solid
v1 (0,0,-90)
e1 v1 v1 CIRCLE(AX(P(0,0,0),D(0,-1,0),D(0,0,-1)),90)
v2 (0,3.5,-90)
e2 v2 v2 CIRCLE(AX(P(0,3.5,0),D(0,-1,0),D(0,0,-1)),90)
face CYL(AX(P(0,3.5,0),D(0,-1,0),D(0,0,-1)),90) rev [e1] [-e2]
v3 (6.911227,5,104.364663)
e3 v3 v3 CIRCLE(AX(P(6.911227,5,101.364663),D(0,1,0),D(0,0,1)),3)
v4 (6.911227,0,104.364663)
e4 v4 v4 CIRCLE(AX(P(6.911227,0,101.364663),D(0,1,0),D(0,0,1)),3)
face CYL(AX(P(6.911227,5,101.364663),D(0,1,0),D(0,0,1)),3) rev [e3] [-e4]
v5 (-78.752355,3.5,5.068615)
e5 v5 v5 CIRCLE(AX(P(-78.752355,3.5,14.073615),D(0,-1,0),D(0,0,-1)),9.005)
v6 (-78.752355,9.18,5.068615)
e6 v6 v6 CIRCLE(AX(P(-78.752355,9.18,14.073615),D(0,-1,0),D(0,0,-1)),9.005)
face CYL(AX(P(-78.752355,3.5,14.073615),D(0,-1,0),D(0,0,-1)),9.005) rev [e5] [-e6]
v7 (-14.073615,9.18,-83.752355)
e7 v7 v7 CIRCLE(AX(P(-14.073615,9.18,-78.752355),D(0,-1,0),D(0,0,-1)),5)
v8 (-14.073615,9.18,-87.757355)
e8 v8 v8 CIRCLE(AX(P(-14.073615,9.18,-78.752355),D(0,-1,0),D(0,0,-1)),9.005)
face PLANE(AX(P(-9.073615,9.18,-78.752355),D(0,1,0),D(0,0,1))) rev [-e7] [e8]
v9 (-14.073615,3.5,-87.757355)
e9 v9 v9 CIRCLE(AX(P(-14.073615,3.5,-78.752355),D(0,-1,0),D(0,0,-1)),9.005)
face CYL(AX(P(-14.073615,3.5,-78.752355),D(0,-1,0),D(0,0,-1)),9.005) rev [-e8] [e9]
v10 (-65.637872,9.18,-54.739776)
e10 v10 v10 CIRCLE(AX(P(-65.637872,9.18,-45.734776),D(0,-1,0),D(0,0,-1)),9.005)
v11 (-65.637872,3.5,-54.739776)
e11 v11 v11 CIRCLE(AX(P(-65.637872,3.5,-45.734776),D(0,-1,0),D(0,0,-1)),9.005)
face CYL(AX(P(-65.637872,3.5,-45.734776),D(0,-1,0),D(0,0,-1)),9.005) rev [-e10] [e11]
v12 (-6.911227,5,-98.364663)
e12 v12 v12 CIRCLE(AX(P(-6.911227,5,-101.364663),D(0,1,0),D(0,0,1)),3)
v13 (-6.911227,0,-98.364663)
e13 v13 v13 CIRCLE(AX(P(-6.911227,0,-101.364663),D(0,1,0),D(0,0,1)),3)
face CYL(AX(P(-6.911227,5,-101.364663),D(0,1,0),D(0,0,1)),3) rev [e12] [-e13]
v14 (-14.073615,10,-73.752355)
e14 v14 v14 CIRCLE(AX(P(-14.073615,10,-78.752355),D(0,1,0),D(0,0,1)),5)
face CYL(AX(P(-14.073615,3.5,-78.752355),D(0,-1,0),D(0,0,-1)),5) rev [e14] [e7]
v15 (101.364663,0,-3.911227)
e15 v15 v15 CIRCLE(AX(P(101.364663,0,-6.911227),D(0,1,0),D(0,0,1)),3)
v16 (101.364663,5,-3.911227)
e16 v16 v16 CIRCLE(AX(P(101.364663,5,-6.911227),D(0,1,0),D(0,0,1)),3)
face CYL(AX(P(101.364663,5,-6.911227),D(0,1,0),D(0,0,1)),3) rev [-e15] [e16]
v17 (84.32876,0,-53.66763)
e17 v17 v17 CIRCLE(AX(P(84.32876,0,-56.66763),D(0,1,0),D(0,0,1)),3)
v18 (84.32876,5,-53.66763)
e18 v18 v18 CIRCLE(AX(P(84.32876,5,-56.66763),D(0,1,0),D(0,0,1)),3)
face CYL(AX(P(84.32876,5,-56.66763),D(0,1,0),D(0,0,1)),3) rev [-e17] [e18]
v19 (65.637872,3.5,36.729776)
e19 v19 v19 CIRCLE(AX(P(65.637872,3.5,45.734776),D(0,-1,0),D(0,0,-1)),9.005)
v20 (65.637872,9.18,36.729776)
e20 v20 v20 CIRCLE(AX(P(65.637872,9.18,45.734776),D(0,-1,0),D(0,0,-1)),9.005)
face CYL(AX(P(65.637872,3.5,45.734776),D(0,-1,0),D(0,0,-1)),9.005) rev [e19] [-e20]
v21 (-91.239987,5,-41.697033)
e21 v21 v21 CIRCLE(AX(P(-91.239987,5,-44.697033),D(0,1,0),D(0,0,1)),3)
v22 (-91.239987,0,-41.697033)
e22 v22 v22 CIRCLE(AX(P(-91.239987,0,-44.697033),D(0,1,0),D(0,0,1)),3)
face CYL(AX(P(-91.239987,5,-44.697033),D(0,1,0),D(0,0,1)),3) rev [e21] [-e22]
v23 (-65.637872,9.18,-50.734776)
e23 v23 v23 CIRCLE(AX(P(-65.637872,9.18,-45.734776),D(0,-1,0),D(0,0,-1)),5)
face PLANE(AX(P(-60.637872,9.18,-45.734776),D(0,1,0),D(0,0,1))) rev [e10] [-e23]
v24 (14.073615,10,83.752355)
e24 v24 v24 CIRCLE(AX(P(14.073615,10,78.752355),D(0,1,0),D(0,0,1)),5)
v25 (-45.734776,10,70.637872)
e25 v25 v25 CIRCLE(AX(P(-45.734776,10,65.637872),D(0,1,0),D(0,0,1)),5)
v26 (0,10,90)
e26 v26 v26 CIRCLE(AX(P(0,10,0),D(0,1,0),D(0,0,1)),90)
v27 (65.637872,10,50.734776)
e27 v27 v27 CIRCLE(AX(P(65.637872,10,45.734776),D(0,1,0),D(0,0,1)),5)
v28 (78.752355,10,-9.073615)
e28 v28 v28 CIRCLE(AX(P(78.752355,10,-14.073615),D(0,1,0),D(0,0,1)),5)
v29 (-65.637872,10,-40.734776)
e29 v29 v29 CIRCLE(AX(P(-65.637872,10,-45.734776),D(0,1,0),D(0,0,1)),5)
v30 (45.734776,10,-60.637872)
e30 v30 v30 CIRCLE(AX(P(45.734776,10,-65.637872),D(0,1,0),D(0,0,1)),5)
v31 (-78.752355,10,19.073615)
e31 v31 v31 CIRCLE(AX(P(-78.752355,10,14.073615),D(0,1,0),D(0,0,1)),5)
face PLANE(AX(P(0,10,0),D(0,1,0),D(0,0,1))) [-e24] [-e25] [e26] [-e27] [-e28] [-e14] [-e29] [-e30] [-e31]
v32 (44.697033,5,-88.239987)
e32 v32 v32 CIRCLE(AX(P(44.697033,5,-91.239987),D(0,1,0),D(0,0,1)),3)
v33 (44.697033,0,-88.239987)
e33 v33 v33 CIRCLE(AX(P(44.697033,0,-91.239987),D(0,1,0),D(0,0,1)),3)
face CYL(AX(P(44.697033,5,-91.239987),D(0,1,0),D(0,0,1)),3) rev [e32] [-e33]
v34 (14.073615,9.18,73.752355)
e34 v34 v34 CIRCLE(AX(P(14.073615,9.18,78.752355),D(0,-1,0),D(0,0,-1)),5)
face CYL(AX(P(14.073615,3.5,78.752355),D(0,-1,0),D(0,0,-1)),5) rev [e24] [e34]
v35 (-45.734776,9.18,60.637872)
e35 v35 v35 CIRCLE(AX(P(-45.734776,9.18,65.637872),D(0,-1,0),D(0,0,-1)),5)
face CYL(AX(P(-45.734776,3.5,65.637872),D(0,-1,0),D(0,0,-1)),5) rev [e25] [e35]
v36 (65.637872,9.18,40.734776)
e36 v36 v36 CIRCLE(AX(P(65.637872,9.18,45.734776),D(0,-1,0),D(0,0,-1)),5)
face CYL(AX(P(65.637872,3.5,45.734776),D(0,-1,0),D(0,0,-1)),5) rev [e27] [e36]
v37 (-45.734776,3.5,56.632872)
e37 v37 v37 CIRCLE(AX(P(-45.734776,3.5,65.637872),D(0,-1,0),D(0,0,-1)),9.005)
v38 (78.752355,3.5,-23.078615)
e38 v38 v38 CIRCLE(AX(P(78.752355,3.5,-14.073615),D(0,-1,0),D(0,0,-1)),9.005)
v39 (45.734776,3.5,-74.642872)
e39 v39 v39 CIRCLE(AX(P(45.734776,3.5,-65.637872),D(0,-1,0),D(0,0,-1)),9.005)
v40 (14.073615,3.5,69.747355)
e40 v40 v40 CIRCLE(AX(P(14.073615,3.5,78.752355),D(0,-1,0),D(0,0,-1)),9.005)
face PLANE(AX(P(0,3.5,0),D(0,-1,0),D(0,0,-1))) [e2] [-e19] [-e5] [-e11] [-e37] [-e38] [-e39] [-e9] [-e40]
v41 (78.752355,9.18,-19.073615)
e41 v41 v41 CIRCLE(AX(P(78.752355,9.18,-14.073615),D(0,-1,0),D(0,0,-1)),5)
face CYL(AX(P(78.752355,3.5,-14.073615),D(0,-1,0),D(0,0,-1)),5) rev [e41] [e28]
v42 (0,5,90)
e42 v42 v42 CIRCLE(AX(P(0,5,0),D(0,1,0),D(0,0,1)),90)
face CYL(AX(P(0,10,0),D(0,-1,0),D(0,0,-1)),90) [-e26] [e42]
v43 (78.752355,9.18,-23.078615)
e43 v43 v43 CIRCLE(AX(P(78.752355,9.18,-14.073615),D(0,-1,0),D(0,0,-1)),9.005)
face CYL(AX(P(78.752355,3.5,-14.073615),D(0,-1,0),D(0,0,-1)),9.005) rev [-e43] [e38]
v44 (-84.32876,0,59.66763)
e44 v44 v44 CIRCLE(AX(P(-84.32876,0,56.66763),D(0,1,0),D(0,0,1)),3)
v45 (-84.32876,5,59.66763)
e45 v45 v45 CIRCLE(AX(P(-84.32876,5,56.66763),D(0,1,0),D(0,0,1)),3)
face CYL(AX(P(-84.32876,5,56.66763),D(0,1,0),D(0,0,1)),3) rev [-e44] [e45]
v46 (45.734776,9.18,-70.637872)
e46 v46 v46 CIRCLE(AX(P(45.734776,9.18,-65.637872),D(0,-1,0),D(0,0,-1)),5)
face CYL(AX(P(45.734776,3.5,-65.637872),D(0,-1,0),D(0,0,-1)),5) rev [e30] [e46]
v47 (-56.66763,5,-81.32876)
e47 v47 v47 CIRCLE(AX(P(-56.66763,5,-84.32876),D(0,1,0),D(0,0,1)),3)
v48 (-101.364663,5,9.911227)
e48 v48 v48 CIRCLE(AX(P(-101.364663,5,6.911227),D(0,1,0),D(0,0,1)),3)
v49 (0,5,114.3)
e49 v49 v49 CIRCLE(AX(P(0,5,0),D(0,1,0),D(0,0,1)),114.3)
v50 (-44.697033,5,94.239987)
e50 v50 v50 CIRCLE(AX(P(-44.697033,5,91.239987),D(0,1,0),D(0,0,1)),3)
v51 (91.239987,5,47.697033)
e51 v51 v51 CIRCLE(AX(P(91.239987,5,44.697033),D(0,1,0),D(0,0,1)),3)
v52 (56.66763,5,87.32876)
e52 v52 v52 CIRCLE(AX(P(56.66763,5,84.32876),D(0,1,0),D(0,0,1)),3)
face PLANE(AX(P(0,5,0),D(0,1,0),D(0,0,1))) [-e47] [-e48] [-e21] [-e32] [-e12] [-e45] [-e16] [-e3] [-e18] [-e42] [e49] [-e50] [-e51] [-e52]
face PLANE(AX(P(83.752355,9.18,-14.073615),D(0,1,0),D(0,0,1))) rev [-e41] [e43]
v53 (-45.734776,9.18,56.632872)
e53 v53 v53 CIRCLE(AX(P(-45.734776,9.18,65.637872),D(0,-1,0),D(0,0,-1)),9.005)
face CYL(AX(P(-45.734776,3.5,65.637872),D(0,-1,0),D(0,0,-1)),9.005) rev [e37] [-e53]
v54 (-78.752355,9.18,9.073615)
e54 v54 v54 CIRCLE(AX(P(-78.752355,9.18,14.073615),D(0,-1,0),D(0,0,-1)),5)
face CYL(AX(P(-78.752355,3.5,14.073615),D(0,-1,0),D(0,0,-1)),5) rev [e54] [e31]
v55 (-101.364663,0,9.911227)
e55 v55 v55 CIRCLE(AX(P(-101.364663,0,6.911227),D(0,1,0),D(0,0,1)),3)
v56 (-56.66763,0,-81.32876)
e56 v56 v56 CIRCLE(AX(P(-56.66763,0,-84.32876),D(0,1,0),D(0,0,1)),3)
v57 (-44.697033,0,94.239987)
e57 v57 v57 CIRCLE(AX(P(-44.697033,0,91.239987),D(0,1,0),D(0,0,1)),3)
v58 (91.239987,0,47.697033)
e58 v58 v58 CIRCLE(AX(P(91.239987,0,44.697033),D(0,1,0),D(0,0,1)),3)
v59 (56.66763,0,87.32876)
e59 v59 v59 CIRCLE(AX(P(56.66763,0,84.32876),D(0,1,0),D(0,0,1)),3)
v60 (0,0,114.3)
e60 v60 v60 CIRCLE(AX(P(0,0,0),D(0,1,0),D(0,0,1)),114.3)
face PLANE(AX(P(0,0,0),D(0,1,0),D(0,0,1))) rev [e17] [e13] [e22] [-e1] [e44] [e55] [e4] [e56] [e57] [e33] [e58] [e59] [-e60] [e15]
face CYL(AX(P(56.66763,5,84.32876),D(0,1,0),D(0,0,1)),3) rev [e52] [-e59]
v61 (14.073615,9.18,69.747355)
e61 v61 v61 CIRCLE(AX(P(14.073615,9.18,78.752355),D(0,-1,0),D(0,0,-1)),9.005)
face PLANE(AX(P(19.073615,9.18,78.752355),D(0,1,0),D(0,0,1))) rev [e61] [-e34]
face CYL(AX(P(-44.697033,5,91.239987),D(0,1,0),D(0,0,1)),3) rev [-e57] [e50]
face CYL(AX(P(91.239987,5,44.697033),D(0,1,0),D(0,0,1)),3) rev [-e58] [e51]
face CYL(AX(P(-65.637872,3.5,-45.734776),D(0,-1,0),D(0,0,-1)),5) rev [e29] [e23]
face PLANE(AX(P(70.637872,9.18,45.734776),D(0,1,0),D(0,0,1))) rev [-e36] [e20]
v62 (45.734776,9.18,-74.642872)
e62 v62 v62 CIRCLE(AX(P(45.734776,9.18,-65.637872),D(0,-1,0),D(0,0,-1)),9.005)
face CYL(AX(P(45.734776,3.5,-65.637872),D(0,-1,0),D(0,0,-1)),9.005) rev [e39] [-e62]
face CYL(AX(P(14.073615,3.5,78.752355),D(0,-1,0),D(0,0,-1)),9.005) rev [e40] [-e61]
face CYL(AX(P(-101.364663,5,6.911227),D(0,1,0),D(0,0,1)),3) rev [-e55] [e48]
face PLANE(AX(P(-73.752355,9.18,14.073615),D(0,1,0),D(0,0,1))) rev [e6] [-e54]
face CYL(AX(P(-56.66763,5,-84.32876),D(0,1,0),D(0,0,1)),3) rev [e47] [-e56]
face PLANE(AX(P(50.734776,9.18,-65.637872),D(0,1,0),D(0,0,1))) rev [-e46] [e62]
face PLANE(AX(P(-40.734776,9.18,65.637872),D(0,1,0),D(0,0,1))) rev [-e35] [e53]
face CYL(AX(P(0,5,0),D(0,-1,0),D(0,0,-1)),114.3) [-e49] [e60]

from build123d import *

# Parameters (mm, degrees)
SKETCH1_R                               = 114.3
BOSS_EXTRUDE1_DEPTH                     = 5
SKETCH2_R                               = 90
BOSS_EXTRUDE2_DEPTH                     = 5
SKETCH4_R                               = 90
CUT_EXTRUDE2_DEPTH                      = 3.5
F_6_0MM_DOWEL_HOLE1_D                   = 6
F_6_0MM_DOWEL_HOLE1_DEPTH               = 5
CIRPATTERN1_COUNT                       = 12
CBORE_FOR_M8_HEX_HEAD_BOLT2_D           = 10
CBORE_FOR_M8_HEX_HEAD_BOLT2_DEPTH       = 6.5
CBORE_FOR_M8_HEX_HEAD_BOLT2_CBORE_D     = 18.01
CBORE_FOR_M8_HEX_HEAD_BOLT2_CBORE_DEPTH = 5.68
CIRPATTERN2_COUNT                       = 8


with BuildPart() as part:
    # Sketch1 → Boss-Extrude1 (new body)
    with BuildSketch(Plane(origin=(0, 0, 0), x_dir=(1, 0, 0), z_dir=(0, 1, 0))):
        Circle(SKETCH1_R)
    extrude(amount=BOSS_EXTRUDE1_DEPTH)

    # Sketch2 → Boss-Extrude2 (add)
    with BuildSketch(Plane(origin=(0, 5, 0), x_dir=(1, 0, 0), z_dir=(0, 1, 0))):
        Circle(SKETCH2_R)
    extrude(amount=BOSS_EXTRUDE2_DEPTH)

    # Sketch4 → Cut-Extrude2 (cut)
    with BuildSketch(Plane(origin=(0, 0, 0), x_dir=(-1, 0, 0), z_dir=(0, -1, 0))):
        Circle(SKETCH4_R)
    extrude(amount=-CUT_EXTRUDE2_DEPTH, mode=Mode.SUBTRACT)

    # Ø6.0mm Dowel Hole1
    with Locations(Plane(origin=(0, 5, 0), x_dir=(1, 0, 0), z_dir=(0, 1, 0))):
        with Locations((-6.911227035, 101.364663176)):
            f_6_0mm_dowel_hole1 = Hole(F_6_0MM_DOWEL_HOLE1_D / 2, depth=F_6_0MM_DOWEL_HOLE1_DEPTH)

    # CirPattern1: Ø6.0mm Dowel Hole1 ×12 about axis
    cirpattern1_axis = Axis((0, 0, 0), (0, 1, 0))
    for i in range(1, CIRPATTERN1_COUNT):
        add(f_6_0mm_dowel_hole1.rotate(cirpattern1_axis, i * 360 / CIRPATTERN1_COUNT), mode=Mode.SUBTRACT)

    # CBORE for M8 Hex Head Bolt2
    with Locations(Plane(origin=(0, 3.5, 0), x_dir=(-1, 0, 0), z_dir=(0, -1, 0))):
        with Locations((-45.734775632, 65.637872435)):
            cbore_for_m8_hex_head_bolt2 = CounterBoreHole(CBORE_FOR_M8_HEX_HEAD_BOLT2_D / 2, CBORE_FOR_M8_HEX_HEAD_BOLT2_CBORE_D / 2, CBORE_FOR_M8_HEX_HEAD_BOLT2_CBORE_DEPTH, depth=CBORE_FOR_M8_HEX_HEAD_BOLT2_DEPTH)

    # CirPattern2: CBORE for M8 Hex Head Bolt2 ×8 about axis
    cirpattern2_axis = Axis((0, 0, 0), (0, 1, 0))
    for i in range(1, CIRPATTERN2_COUNT):
        add(cbore_for_m8_hex_head_bolt2.rotate(cirpattern2_axis, i * 360 / CIRPATTERN2_COUNT), mode=Mode.SUBTRACT)


solid = part.part
